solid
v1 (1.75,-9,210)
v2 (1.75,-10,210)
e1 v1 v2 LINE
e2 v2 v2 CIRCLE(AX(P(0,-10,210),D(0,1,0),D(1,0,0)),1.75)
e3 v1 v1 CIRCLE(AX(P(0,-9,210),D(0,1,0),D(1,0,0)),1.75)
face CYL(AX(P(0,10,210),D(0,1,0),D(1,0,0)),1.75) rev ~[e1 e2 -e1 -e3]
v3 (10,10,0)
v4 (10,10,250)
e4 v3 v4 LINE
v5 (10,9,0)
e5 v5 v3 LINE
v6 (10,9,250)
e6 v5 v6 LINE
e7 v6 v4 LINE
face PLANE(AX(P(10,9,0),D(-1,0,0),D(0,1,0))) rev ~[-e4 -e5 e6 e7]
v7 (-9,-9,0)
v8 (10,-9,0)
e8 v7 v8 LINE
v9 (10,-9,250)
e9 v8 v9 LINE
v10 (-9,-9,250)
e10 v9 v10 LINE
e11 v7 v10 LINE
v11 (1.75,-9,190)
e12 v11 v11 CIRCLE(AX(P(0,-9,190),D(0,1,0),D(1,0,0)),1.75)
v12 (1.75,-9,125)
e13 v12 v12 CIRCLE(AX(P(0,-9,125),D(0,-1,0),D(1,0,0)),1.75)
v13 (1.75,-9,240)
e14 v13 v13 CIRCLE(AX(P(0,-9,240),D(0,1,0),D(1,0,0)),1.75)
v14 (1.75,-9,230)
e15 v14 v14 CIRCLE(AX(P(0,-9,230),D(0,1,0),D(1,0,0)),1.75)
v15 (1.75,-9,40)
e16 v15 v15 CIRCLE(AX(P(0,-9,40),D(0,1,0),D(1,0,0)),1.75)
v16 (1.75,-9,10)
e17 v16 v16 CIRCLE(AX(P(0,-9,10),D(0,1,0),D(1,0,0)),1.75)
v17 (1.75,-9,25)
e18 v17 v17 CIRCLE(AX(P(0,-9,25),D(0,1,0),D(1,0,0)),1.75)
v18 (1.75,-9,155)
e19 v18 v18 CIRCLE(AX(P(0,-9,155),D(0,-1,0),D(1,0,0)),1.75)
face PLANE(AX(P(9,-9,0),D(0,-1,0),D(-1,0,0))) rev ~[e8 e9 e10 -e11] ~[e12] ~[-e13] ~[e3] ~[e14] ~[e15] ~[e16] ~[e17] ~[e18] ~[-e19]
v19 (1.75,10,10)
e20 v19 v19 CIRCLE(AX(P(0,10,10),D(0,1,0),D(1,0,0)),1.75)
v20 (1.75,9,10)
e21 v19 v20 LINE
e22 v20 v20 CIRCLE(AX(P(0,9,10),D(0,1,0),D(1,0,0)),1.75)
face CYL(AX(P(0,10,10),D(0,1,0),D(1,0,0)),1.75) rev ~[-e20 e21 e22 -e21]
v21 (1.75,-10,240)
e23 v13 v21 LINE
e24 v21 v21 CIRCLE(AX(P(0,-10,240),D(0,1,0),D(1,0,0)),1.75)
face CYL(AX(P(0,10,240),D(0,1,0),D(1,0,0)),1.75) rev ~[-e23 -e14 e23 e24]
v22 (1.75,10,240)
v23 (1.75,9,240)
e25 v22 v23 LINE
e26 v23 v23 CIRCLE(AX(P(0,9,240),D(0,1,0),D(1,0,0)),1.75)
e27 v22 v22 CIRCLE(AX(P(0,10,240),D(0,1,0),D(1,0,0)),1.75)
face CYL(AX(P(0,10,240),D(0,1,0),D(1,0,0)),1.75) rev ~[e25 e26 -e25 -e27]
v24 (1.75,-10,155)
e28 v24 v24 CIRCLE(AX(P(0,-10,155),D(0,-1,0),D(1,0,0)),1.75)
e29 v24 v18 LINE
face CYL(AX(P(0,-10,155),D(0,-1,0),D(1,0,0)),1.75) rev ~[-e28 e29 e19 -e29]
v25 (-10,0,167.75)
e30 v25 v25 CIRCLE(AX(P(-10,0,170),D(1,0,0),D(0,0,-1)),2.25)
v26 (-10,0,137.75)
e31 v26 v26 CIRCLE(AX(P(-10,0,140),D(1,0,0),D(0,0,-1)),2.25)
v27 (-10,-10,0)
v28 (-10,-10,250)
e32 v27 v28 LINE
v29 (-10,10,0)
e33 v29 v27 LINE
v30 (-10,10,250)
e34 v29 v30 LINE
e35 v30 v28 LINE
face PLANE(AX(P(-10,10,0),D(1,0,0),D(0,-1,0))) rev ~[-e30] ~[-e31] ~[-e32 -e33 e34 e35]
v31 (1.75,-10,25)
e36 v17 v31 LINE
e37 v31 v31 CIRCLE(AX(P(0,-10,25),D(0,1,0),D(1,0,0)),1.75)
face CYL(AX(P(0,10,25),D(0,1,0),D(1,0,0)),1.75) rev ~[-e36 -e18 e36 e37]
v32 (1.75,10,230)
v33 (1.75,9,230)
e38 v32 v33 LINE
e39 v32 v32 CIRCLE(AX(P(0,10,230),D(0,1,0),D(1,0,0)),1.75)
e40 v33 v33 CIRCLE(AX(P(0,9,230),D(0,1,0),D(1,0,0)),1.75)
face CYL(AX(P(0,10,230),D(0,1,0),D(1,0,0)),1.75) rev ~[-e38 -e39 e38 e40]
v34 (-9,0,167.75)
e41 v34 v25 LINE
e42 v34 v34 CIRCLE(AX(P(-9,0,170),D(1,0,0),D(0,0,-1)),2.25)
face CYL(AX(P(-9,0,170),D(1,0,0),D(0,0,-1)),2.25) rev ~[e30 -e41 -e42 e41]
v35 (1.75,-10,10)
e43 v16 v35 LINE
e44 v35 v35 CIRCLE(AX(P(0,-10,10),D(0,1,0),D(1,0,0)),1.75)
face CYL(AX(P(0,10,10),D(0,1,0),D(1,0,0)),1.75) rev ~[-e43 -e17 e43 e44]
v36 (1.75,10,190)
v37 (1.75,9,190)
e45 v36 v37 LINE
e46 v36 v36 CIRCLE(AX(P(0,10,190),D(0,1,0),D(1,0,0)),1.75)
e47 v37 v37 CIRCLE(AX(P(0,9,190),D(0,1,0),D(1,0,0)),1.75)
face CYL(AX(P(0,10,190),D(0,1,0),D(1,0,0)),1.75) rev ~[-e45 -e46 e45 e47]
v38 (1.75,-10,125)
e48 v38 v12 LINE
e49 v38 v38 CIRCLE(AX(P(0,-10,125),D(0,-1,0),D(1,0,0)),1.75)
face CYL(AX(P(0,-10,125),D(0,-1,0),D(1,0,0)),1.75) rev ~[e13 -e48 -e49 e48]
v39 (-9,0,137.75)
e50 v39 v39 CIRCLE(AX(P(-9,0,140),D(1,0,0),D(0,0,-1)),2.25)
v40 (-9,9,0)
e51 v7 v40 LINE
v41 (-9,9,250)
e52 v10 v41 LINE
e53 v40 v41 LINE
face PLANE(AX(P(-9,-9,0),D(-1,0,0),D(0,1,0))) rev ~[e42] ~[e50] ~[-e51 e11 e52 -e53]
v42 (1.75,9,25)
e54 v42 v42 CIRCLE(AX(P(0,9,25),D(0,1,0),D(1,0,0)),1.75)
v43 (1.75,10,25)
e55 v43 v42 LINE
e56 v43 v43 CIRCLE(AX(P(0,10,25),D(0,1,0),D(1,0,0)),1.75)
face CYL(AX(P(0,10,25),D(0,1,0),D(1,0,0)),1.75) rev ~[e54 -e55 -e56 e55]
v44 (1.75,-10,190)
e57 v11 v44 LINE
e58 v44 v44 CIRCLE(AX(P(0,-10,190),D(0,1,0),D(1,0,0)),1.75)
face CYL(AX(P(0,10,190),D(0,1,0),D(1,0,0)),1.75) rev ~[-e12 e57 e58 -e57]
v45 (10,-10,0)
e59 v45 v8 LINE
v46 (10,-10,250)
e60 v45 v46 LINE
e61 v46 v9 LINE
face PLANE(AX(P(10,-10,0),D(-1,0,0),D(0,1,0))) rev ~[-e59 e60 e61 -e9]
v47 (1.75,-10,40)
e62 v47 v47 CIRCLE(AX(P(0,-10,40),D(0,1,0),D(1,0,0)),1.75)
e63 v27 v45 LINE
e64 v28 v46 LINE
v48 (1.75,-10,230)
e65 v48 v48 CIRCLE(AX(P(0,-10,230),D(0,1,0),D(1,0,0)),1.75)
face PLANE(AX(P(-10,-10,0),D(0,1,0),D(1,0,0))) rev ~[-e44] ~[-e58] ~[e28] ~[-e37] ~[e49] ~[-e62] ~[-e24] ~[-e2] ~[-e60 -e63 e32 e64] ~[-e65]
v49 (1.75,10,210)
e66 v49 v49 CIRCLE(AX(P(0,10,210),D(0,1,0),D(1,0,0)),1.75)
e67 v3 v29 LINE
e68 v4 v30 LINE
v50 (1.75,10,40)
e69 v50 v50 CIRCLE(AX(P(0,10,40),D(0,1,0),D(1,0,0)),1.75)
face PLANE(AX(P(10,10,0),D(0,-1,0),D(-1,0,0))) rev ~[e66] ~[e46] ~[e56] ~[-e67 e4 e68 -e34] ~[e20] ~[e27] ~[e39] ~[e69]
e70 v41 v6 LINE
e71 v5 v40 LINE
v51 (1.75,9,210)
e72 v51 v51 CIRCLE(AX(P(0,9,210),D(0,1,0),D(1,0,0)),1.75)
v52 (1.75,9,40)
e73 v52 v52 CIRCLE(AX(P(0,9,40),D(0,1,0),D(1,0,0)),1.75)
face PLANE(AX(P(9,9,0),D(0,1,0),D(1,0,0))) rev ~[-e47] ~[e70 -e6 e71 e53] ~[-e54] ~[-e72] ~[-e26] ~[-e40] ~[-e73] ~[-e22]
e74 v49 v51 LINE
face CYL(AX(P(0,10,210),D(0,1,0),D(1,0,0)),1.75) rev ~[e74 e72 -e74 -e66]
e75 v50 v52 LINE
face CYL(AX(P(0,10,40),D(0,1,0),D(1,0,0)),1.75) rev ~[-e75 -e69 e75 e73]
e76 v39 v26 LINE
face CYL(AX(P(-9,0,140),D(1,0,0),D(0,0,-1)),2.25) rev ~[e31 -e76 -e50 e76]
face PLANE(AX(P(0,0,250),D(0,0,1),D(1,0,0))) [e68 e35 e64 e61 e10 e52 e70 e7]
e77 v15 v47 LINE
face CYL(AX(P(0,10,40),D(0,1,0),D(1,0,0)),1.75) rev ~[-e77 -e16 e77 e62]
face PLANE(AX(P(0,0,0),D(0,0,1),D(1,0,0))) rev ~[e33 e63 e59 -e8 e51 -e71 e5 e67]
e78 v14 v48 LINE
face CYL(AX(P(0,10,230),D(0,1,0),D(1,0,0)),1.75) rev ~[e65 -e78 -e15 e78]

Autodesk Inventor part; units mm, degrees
ref_plane "YZ Plane" through (0, 0, 0) normal (1, 0, 0) x (0, 1, 0)
ref_plane "XZ Plane" through (0, 0, 0) normal (0, 1, 0) x (-1, 0, 0)
ref_plane "XY Plane" through (0, 0, 0) normal (0, 0, 1) x (1, 0, 0)
sketch "スケッチ1" plane through (0, 0, 0) normal (0, 0, 1) x (1, 0, 0)
  line L0 (-10, -10) -> (10, -10)
  line L1 (10, -10) -> (10, 10)
  line L2 (10, 10) -> (-10, 10)
  line L3 (-10, 10) -> (-10, -10)
  line L4 (-10, -10) -> (10, 10) construction
  line L5 (10, -10) -> (-10, 10) construction
  line L6 (9, -9) -> (-9, -9)
  line L7 (-9, -9) -> (-9, 9)
  line L8 (-9, 9) -> (9, 9)
  line L9 (9, 9) -> (9, -9)
  line L10 (9, -9) -> (-9, 9) construction
  line L11 (-9, -9) -> (9, 9) construction
  line L12 (9, 9) -> (10, 9)
  line L13 (9, -9) -> (10, -9)
  point P0 (0, 0)
  dimension "d0" = 20
  dimension "d1" = 20
  dimension "d2" = 1
extrude "押し出し1" add sketch "スケッチ1" along normal blind 250 contours L3 L2 L1 L12 L8 L7 L6 L13 L0
sketch "スケッチ2" plane through (-10, -10, 0) normal (0, -1, 0) x (1, 0, 0)
  circle A0 centre (10, 155) radius 1.75
  circle A1 centre (10, 125) radius 1.75
  line L0 (0, 0) -> (0, 250) projected
  line L1 (0, 250) -> (20, 250) projected
  point P0 (10, 0)
  dimension "d5" = 3.5
  dimension "d7" = 10
  dimension "d8" = 95
  dimension "d9" = 30
extrude "押し出し2" cut sketch "スケッチ2" against normal up to surface (1 mm away)
sketch "スケッチ3" plane through (-9, -9, 0) normal (1, 0, 0) x (0, 0, -1)
  line L0 (-156.75, 0) -> (-153.25, 0) projected
  circle A0 centre (-170, 9) radius 2.25
  circle A1 centre (-140, 9) radius 2.25
  line L1 (0, -1) -> (-250, -1) projected
  point P0 (0, 9)
  point P1 (-155, 0)
  dimension "d12" = 4.5
  dimension "d13" = 4.5
  dimension "d14" = 15
  dimension "d15" = 10
  dimension "d16" = 30
extrude "押し出し3" cut sketch "スケッチ3" against normal through all
sketch "スケッチ5" plane through (-10, 10, 0) normal (0, 1, 0) x (1, 0, 0)
  circle A0 centre (10, -240) radius 1.75
  circle A1 centre (10, -10) radius 1.75
  circle A2 centre (10, -25) radius 1.75
  circle A3 centre (10, -230) radius 1.75
  circle A4 centre (10, -40) radius 1.75
  line L0 (20, 0) -> (0, 0) projected
  line L1 (20, -250) -> (0, -250) projected
  point P0 (10, 0)
  point P1 (10, 0)
  dimension "d19" = 3.5
  dimension "d20" = 10
  dimension "d21" = 10
  dimension "d22" = 10
  dimension "d23" = 15
  dimension "d24" = 15
extrude "押し出し4" cut sketch "スケッチ5" against normal through all
sketch "スケッチ6" plane through (-10, 10, 0) normal (0, 1, 0) x (1, 0, 0)
  circle A0 centre (10, -210) radius 1.75
  circle A1 centre (10, -190) radius 1.75
  circle A2 centre (10, -240) radius 1.75 projected
  line L0 (20, -250) -> (0, -250) projected
  point P0 (10, 0)
  dimension "d27" = 40
  dimension "d28" = 20
extrude "押し出し5" cut sketch "スケッチ6" against normal through all contours A0 | A1
equation "\"d24\" = d23"
properties part number "gear_plate_pole" material "アルミニウム 6061"
